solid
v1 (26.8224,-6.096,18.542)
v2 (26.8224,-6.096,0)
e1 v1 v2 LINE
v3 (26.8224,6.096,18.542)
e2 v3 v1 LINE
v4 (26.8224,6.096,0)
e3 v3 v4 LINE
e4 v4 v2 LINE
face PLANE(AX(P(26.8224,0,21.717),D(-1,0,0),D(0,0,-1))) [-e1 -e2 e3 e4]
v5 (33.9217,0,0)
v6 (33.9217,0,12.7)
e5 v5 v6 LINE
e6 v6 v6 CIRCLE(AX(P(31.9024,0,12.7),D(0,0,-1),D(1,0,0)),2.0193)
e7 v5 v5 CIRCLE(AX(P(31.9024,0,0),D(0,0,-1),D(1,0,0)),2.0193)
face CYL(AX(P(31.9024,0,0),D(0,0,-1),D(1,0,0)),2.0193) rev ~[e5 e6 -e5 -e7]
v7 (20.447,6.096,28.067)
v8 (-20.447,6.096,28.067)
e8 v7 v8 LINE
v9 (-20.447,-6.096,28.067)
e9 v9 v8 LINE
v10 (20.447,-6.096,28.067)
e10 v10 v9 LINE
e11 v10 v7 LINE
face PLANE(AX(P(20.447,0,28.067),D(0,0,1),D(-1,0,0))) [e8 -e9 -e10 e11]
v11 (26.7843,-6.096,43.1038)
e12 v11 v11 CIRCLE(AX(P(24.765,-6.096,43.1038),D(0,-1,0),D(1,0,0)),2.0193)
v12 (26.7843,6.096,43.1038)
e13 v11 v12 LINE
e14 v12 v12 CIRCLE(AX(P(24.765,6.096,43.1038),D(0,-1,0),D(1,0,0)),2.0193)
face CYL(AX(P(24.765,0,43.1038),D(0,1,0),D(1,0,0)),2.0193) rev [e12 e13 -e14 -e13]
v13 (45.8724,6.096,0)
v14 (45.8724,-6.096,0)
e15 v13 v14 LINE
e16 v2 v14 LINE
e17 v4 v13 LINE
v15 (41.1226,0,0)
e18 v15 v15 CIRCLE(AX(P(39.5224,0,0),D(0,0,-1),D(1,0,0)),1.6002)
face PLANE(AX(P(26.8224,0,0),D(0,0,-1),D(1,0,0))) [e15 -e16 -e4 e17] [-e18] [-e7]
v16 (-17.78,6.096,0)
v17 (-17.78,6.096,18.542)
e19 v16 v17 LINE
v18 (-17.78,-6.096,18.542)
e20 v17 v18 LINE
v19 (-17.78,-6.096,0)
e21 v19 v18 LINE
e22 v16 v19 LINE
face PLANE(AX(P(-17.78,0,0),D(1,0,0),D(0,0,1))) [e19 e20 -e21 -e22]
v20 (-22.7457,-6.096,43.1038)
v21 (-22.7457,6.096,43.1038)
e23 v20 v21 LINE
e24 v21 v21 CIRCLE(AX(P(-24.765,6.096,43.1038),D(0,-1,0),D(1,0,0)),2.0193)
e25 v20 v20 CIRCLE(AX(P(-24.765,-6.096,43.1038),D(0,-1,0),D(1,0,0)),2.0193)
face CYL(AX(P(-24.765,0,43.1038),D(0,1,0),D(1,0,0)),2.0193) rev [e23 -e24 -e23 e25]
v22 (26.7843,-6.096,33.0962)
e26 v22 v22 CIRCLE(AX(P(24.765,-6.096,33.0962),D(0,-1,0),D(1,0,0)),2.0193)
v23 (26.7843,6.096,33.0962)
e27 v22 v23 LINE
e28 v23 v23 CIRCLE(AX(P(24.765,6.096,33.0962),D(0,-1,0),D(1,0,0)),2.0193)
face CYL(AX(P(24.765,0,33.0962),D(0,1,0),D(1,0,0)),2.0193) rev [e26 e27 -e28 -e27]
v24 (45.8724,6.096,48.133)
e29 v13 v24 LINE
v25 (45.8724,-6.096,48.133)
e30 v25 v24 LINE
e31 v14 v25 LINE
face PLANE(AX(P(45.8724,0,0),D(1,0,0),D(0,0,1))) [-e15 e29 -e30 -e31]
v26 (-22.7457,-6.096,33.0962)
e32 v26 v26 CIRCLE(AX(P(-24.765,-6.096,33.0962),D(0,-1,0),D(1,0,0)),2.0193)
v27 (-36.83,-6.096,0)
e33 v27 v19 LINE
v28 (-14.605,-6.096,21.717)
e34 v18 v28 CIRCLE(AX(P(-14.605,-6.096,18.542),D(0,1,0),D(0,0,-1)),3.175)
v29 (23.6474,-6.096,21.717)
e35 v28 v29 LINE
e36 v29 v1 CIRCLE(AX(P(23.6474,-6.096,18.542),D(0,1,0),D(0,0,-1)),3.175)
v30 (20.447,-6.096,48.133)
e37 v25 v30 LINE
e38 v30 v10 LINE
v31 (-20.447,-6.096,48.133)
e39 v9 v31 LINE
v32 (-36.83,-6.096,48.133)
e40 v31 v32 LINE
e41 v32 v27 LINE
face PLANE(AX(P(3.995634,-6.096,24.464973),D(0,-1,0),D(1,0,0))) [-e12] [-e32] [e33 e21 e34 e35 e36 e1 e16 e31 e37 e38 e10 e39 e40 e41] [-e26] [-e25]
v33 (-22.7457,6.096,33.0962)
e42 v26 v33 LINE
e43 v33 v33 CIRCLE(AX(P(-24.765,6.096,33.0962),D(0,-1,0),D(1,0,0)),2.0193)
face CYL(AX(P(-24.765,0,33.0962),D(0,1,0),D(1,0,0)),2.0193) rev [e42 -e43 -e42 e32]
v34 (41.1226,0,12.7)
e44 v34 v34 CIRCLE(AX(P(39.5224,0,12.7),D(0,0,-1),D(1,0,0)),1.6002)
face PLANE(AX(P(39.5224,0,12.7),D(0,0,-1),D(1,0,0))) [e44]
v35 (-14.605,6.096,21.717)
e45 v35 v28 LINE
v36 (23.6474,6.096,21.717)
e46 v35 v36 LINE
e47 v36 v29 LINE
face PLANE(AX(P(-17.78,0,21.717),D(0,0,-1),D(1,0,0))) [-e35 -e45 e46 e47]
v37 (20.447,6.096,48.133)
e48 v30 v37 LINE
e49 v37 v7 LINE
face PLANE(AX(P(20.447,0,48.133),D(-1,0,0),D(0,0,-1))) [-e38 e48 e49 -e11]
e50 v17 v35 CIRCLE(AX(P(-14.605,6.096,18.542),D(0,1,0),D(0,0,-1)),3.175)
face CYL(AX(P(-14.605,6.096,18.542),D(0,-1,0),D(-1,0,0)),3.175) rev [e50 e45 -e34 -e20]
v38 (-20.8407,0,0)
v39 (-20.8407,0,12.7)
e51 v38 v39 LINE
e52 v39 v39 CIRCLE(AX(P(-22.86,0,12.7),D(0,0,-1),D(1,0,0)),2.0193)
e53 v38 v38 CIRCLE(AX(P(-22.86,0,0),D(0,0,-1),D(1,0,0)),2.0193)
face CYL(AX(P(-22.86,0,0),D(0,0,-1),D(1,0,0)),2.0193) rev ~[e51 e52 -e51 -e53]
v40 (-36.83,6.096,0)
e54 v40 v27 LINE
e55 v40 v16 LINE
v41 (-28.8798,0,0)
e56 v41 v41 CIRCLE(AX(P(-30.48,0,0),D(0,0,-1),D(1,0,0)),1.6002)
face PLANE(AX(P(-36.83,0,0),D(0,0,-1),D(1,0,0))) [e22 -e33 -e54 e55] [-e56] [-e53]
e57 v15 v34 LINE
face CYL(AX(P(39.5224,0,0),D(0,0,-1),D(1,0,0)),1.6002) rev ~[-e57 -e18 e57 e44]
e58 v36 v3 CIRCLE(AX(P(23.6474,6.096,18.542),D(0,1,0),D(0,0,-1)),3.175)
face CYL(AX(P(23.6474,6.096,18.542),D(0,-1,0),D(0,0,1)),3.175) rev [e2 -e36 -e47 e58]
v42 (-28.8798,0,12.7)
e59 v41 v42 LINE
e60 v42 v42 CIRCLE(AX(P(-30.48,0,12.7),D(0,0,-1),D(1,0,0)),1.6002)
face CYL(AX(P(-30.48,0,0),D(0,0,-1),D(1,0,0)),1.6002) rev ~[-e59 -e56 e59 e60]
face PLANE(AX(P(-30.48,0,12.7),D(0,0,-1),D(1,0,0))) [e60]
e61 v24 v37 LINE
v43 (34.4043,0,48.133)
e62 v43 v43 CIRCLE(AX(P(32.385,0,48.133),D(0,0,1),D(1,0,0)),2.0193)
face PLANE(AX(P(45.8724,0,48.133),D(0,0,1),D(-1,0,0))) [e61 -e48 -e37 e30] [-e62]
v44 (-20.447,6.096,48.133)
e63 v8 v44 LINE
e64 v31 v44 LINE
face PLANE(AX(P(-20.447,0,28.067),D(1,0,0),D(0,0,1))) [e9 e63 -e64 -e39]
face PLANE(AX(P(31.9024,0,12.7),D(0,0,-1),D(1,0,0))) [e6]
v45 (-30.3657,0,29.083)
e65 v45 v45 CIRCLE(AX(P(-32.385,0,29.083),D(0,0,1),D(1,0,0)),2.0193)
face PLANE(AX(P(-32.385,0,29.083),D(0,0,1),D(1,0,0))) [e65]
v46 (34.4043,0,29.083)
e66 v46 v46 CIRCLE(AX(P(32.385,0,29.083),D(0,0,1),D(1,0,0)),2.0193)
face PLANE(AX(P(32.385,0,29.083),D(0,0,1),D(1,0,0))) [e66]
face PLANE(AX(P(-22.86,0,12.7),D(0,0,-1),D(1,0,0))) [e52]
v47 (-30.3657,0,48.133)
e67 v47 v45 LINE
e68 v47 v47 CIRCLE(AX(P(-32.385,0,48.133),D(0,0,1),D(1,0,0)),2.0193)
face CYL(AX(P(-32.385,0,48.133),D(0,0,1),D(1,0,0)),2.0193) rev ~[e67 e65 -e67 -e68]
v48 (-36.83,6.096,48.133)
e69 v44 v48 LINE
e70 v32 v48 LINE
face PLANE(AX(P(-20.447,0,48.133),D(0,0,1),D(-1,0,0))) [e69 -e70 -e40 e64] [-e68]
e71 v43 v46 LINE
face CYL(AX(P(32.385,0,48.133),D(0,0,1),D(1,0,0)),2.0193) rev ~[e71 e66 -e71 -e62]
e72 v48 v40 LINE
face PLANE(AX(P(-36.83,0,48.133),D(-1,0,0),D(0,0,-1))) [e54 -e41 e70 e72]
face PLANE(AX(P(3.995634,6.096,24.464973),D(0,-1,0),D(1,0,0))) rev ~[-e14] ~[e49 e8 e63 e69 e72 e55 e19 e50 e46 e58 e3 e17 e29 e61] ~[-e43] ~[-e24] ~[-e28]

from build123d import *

# Parameters (mm, degrees)
F0_R     = 2.0193
F1_DEPTH = 6.096
F2_R     = 2.0193
F3_DEPTH = 19.05
F4_R     = 1.6002
F4_R_2   = 2.0193
F5_DEPTH = 12.7
F6_R     = 3.175


with BuildPart() as f1:
    # F0 (on Front) → F1 (new body, symmetric)
    with BuildSketch(Plane.XZ):
        Polygon((-36.83, 48.133), (-36.83, 0), (-17.78, 0), (-17.78, 21.717), (26.8224, 21.717), (26.8224, 0), (45.8724, 0), (45.8724, 48.133), (20.447, 48.133), (20.447, 28.067), (-20.447, 28.067), (-20.447, 48.133), align=None)
        with Locations((-24.765, 33.0962)):
            Circle(F0_R, mode=Mode.SUBTRACT)
        with Locations((-24.765, 43.1038)):
            Circle(F0_R, mode=Mode.SUBTRACT)
        with Locations((24.765, 33.0962)):
            Circle(F0_R, mode=Mode.SUBTRACT)
        with Locations((24.765, 43.1038)):
            Circle(F0_R, mode=Mode.SUBTRACT)
    extrude(amount=F1_DEPTH, both=True)

    # F2 (on face) → F3 (cut)
    with BuildSketch(Plane.XY.offset(48.133)):
        with Locations((-32.385, 0)):
            Circle(F2_R)
        with Locations((32.385, 0)):
            Circle(F2_R)
    extrude(amount=-F3_DEPTH, mode=Mode.SUBTRACT)

    # F4 (on face) → F5 (cut)
    with BuildSketch(Plane(origin=(0, 0, 0), x_dir=(1, 0, 0), z_dir=(0, 0, -1))):
        with Locations((39.5224, 0)):
            Circle(F4_R)
        with Locations((31.9024, 0)):
            Circle(F4_R_2)
        with Locations((-22.86, 0)):
            Circle(F4_R_2)
        with Locations((-30.48, 0)):
            Circle(F4_R)
    extrude(amount=-F5_DEPTH, mode=Mode.SUBTRACT)

    # F6
    f6_edges = [f1.edges().sort_by_distance(p)[0] for p in [
        (-17.78, 0, 21.717),
        (26.8224, 0, 21.717),
    ]]
    fillet(f6_edges, radius=F6_R)


solid = f1.part
